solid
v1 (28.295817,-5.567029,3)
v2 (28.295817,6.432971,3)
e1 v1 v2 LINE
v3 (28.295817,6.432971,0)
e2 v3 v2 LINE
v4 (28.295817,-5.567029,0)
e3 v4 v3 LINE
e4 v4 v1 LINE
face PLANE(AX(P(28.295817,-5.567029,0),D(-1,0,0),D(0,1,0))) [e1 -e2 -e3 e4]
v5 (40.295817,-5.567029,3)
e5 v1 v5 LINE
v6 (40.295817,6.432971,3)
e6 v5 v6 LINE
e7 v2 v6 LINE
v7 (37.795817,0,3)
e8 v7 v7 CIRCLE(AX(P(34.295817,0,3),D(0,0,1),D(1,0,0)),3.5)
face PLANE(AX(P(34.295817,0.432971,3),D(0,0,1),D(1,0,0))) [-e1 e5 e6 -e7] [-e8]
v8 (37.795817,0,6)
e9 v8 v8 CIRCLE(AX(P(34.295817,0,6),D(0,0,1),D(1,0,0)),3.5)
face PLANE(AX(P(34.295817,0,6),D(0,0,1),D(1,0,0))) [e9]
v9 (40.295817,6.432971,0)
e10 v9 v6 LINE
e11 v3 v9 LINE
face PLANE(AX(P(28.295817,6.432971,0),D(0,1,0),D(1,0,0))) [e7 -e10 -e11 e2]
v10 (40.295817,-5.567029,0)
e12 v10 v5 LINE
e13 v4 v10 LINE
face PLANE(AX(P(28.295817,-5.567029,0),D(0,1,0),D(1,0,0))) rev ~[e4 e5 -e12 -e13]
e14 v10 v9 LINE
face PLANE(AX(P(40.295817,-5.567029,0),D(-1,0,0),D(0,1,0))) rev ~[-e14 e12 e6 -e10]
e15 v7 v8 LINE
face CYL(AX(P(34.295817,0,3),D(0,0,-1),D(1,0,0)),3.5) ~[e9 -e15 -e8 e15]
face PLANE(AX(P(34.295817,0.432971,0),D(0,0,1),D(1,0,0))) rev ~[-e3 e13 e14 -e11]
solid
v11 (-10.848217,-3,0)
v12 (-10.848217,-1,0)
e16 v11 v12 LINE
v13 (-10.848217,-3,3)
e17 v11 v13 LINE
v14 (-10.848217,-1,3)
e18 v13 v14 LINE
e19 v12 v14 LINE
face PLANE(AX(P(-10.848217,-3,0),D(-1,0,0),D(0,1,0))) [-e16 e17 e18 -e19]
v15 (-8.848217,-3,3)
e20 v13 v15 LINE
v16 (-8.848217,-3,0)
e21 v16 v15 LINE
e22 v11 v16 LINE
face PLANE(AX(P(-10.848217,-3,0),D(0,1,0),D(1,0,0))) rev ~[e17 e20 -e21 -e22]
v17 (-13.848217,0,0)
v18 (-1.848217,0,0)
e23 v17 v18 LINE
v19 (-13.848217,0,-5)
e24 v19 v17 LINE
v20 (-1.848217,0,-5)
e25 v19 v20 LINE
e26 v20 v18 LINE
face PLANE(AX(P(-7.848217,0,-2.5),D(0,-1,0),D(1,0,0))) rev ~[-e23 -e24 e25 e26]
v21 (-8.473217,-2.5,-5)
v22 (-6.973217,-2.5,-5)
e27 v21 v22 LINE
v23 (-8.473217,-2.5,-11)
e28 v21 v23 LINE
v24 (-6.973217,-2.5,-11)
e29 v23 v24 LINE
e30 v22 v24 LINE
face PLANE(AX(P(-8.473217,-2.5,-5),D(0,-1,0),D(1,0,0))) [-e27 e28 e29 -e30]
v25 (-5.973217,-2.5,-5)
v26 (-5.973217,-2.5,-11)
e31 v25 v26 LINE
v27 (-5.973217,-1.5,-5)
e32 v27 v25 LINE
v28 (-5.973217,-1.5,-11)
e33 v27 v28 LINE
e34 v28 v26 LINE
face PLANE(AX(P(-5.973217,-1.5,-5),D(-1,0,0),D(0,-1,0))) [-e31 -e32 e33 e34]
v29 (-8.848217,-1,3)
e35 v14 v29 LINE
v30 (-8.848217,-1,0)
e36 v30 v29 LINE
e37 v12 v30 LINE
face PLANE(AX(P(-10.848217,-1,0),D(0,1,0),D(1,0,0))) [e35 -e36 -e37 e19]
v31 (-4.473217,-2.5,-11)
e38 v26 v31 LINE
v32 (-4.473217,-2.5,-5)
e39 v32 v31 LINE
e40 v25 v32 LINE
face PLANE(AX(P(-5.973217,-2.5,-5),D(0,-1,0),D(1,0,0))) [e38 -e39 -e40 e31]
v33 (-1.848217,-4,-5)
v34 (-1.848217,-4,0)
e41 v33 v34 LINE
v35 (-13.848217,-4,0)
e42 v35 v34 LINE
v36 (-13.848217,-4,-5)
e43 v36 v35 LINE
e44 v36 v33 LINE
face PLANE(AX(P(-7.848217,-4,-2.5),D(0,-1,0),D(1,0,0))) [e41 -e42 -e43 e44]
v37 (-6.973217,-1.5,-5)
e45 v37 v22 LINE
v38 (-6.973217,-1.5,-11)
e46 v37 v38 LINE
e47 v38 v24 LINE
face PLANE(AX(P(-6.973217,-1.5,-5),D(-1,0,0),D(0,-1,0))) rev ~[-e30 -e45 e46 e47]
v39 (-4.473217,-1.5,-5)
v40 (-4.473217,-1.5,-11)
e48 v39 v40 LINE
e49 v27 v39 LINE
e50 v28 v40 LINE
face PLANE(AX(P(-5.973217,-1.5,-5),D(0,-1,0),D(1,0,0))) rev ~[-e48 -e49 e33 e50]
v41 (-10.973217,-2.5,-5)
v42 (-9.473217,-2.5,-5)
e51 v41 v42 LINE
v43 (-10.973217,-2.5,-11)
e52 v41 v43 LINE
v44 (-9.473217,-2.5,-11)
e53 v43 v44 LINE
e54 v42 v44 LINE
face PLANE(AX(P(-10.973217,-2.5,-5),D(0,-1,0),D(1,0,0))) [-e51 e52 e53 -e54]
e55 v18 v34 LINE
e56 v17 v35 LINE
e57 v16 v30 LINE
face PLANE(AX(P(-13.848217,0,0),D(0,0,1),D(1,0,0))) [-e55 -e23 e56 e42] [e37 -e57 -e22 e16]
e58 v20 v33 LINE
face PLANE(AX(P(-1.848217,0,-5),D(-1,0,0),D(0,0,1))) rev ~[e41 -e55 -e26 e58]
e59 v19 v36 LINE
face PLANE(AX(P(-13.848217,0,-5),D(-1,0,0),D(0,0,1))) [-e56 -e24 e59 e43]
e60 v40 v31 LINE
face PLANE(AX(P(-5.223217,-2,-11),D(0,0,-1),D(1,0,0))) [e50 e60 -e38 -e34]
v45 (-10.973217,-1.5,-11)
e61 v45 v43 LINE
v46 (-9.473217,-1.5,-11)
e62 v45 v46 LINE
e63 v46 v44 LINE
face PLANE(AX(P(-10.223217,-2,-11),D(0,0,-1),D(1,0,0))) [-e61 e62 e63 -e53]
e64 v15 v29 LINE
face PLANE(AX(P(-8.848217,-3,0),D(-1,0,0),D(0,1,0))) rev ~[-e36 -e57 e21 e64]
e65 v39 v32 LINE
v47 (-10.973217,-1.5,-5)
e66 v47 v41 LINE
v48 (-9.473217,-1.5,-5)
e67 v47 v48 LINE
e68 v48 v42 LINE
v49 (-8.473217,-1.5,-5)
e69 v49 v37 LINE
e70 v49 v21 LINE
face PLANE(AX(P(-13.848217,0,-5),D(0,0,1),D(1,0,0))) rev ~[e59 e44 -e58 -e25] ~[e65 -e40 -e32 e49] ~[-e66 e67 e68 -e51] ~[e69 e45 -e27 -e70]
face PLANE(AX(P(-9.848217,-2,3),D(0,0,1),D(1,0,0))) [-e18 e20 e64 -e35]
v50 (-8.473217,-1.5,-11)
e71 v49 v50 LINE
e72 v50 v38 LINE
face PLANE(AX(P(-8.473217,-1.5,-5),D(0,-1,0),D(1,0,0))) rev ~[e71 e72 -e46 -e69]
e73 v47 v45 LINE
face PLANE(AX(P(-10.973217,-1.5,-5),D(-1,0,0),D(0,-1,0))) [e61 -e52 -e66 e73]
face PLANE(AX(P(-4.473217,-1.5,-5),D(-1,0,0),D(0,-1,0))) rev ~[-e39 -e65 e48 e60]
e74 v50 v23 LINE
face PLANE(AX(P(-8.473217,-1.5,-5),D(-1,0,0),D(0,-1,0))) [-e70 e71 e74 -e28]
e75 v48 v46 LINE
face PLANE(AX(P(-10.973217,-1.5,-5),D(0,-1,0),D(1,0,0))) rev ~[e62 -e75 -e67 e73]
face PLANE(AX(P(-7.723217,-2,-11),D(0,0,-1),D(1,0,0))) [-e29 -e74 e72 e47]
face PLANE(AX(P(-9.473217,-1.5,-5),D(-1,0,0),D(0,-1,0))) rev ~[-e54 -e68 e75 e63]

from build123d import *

# Parameters (mm, degrees)
F0_W     = 12
F0_H     = 5
F1_DEPTH = 4
F2_W     = 2
F2_H     = 2
F3_DEPTH = 3
F4_W     = 1.5
F4_H     = 1
F5_DEPTH = 6
F6_W     = 12
F6_H     = 12
F7_DEPTH = 3
F8_R     = 3.5
F9_DEPTH = 3


with BuildPart() as f1:
    # F0 (on Front) → F1 (new body)
    with BuildSketch(Plane.XZ):
        with Locations((-7.848217, -2.5)):
            Rectangle(F0_W, F0_H)
    extrude(amount=F1_DEPTH)

    # F2 (on face) → F3 (join)
    with BuildSketch(Plane.XY):
        with Locations((-9.848217, -2)):
            Rectangle(F2_W, F2_H)
    extrude(amount=F3_DEPTH)

    # F4 (on face) → F5 (join)
    with BuildSketch(Plane(origin=(0, 0, -5), x_dir=(1, 0, 0), z_dir=(0, 0, -1))):
        with Locations((-10.223217, 2)):
            Rectangle(F4_W, F4_H)
        with Locations((-7.723217, 2)):
            Rectangle(F4_W, F4_H)
        with Locations((-5.223217, 2)):
            Rectangle(F4_W, F4_H)
    extrude(amount=F5_DEPTH)


with BuildPart() as f7:
    # F6 (on Top) → F7 (new body)
    with BuildSketch(Plane.XY):
        with Locations((34.295817, 0.432971)):
            Rectangle(F6_W, F6_H)
    extrude(amount=F7_DEPTH)

    # F8 (on face) → F9 (join)
    with BuildSketch(Plane.XY.offset(3)):
        with Locations((34.295817, 0)):
            Circle(F8_R)
    extrude(amount=F9_DEPTH)


solid = Compound([f1.part, f7.part])
